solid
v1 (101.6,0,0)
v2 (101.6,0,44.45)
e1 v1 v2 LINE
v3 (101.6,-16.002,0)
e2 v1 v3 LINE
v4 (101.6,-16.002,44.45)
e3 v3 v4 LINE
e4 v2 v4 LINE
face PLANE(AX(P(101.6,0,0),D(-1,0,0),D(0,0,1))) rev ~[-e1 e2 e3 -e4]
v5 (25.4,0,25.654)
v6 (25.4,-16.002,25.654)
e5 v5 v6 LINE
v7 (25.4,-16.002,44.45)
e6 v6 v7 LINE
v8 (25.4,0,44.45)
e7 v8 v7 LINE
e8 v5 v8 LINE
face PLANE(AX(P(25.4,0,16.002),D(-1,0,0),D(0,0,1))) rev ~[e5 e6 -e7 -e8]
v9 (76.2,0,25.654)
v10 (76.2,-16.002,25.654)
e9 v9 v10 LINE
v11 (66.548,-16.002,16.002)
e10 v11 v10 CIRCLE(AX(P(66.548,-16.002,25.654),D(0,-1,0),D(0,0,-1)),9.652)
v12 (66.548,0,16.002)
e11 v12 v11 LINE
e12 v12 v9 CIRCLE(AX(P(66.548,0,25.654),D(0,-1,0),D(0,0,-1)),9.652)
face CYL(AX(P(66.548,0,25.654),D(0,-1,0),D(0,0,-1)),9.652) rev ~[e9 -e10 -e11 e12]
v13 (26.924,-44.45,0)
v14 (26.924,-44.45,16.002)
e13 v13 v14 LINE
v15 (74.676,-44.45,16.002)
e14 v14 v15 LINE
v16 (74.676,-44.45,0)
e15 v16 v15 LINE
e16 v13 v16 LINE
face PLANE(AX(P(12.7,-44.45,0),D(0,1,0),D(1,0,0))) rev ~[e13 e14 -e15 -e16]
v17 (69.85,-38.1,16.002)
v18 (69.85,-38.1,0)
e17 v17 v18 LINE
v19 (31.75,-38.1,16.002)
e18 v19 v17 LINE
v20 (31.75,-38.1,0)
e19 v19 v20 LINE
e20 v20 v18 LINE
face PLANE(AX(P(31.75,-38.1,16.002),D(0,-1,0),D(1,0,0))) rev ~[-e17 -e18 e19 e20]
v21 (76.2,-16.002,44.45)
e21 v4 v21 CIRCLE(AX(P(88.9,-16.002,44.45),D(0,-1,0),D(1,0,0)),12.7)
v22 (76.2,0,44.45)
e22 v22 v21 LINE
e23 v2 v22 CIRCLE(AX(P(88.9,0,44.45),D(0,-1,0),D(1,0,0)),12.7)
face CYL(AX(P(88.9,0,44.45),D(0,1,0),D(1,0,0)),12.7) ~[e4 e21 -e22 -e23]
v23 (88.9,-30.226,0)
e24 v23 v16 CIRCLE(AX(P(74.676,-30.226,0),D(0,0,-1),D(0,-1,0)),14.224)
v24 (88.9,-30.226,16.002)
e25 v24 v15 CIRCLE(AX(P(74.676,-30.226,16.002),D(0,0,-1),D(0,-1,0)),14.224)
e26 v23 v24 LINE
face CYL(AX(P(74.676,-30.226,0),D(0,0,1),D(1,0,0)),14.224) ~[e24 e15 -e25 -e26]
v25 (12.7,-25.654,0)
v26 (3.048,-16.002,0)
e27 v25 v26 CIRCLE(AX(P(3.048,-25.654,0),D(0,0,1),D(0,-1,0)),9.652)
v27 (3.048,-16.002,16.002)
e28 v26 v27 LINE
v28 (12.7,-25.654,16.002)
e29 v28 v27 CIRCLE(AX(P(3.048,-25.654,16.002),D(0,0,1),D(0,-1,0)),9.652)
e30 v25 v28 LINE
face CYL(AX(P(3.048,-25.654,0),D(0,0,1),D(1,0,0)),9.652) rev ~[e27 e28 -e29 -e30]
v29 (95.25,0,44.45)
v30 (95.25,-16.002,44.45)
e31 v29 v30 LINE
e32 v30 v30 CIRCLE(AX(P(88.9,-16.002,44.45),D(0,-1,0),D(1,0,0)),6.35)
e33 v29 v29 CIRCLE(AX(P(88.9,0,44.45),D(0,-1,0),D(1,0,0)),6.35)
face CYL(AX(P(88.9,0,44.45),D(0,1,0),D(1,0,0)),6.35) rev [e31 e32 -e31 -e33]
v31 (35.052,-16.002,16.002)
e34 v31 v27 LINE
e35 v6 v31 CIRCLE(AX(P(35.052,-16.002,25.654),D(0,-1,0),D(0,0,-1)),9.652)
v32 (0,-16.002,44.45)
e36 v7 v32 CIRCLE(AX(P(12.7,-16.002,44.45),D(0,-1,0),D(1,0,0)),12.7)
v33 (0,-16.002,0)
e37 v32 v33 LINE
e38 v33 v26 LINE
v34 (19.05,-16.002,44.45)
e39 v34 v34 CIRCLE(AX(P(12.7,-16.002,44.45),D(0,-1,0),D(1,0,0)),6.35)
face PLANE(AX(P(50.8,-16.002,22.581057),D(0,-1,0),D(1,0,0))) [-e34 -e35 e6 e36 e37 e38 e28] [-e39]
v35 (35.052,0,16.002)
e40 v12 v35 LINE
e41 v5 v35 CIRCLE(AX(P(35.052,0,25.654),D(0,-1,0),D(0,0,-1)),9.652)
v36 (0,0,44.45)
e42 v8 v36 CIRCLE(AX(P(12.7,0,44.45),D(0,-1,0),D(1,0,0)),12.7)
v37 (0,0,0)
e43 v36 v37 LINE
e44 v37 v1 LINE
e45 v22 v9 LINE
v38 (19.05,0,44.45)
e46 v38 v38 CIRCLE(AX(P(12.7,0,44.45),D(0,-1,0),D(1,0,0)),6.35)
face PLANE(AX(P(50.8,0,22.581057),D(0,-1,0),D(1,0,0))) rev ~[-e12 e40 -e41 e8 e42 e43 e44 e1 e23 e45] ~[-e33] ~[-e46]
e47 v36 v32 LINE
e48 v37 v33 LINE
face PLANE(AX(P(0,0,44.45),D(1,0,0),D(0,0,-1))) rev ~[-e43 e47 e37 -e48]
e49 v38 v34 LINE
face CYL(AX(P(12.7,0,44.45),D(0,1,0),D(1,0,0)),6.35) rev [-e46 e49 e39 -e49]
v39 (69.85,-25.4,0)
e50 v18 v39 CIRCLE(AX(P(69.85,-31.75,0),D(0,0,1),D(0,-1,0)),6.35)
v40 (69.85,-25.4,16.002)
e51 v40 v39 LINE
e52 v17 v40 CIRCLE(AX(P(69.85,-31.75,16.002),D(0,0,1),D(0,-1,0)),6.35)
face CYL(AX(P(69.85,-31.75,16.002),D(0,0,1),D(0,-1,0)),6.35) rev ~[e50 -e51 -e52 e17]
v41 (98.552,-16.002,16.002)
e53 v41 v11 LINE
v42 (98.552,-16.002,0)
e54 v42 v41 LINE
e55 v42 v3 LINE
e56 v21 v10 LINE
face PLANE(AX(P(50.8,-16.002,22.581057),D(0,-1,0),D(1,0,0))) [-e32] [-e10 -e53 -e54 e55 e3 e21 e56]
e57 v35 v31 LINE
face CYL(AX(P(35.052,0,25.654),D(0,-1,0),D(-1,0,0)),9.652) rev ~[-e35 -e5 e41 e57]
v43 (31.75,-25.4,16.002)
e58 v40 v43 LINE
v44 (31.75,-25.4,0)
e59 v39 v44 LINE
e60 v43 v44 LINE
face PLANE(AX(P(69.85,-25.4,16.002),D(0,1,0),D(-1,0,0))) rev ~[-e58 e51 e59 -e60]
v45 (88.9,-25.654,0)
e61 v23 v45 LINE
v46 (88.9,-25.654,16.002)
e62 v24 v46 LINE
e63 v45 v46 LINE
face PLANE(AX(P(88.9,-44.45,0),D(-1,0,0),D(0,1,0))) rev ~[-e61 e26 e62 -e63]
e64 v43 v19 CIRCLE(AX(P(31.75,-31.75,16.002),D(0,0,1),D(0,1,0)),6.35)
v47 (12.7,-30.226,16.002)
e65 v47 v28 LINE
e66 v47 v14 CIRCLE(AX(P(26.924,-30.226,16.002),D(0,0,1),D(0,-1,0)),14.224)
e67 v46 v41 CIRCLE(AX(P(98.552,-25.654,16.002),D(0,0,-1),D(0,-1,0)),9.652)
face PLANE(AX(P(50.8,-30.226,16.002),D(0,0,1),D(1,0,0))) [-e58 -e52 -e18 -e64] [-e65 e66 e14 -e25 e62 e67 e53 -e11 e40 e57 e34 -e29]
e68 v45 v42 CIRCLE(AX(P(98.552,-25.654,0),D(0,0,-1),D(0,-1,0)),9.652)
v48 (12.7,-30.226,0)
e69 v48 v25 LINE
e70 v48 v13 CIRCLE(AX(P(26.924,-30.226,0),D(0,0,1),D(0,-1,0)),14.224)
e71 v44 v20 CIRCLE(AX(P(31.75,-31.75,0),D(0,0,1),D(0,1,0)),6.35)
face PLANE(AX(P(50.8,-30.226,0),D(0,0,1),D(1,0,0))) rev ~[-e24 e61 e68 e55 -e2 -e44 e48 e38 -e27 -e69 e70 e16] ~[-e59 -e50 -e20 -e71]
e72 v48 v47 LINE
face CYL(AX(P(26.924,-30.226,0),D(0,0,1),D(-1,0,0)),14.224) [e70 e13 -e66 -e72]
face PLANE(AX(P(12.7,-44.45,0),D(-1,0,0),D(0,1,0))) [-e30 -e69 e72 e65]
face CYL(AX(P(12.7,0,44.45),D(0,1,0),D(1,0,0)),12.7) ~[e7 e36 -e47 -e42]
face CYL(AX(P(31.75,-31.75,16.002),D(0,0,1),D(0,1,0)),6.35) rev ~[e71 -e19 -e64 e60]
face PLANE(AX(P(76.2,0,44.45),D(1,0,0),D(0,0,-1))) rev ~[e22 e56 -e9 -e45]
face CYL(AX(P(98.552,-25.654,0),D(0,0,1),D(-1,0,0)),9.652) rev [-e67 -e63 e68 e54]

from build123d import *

# Parameters (mm, degrees)
F0_R     = 6.35
F1_DEPTH = 16.002
F2_R     = 9.652
F3_W     = 76.2
F3_H     = 28.448
F4_DEPTH = 16.002
F5_R     = 9.652
F6_R     = 14.224
F8_DEPTH = 16.003


with BuildPart() as f1:
    # F0 (on Front) → F1 (new body)
    with BuildSketch(Plane.XZ):
        with BuildLine():
            ThreePointArc((25.4, 44.45), (12.7, 57.15), (0, 44.45))
            Line((0, 44.45), (0, 0))
            Line((0, 0), (101.6, 0))
            Line((101.6, 0), (101.6, 44.45))
            ThreePointArc((101.6, 44.45), (88.9, 57.15), (76.2, 44.45))
            Line((76.2, 44.45), (76.2, 16.002))
            Line((76.2, 16.002), (25.4, 16.002))
            Line((25.4, 16.002), (25.4, 44.45))
        make_face()
        with Locations((12.7, 44.45)):
            Circle(F0_R, mode=Mode.SUBTRACT)
        with Locations((88.9, 44.45)):
            Circle(F0_R, mode=Mode.SUBTRACT)
    extrude(amount=F1_DEPTH)

    # F2
    f2_edges = [f1.edges().sort_by_distance(p)[0] for p in [
        (25.4, -8.001, 16.002),
        (76.2, -8.001, 16.002),
    ]]
    fillet(f2_edges, radius=F2_R)

    # F3 (on Top) → F4 (join)
    with BuildSketch(Plane.XY):
        with Locations((50.8, -30.226)):
            Rectangle(F3_W, F3_H)
    extrude(amount=F4_DEPTH)

    # F5
    f5_edges = [f1.edges().sort_by_distance(p)[0] for p in [
        (12.7, -16.002, 8.001),
        (88.9, -16.002, 8.001),
    ]]
    fillet(f5_edges, radius=F5_R)

    # F6
    f6_edges = [f1.edges().sort_by_distance(p)[0] for p in [
        (12.7, -44.45, 8.001),
        (88.9, -44.45, 8.001),
    ]]
    fillet(f6_edges, radius=F6_R)

    # F7 (on face) → F8 (cut, through all)
    with BuildSketch(Plane.XY.offset(16.002)):
        with BuildLine():
            Line((69.85, -25.4), (31.75, -25.4))
            ThreePointArc((31.75, -25.4), (25.4, -31.75), (31.75, -38.1))
            Line((31.75, -38.1), (69.85, -38.1))
            ThreePointArc((69.85, -38.1), (76.2, -31.75), (69.85, -25.4))
        make_face()
    extrude(amount=-F8_DEPTH, mode=Mode.SUBTRACT)


solid = f1.part
